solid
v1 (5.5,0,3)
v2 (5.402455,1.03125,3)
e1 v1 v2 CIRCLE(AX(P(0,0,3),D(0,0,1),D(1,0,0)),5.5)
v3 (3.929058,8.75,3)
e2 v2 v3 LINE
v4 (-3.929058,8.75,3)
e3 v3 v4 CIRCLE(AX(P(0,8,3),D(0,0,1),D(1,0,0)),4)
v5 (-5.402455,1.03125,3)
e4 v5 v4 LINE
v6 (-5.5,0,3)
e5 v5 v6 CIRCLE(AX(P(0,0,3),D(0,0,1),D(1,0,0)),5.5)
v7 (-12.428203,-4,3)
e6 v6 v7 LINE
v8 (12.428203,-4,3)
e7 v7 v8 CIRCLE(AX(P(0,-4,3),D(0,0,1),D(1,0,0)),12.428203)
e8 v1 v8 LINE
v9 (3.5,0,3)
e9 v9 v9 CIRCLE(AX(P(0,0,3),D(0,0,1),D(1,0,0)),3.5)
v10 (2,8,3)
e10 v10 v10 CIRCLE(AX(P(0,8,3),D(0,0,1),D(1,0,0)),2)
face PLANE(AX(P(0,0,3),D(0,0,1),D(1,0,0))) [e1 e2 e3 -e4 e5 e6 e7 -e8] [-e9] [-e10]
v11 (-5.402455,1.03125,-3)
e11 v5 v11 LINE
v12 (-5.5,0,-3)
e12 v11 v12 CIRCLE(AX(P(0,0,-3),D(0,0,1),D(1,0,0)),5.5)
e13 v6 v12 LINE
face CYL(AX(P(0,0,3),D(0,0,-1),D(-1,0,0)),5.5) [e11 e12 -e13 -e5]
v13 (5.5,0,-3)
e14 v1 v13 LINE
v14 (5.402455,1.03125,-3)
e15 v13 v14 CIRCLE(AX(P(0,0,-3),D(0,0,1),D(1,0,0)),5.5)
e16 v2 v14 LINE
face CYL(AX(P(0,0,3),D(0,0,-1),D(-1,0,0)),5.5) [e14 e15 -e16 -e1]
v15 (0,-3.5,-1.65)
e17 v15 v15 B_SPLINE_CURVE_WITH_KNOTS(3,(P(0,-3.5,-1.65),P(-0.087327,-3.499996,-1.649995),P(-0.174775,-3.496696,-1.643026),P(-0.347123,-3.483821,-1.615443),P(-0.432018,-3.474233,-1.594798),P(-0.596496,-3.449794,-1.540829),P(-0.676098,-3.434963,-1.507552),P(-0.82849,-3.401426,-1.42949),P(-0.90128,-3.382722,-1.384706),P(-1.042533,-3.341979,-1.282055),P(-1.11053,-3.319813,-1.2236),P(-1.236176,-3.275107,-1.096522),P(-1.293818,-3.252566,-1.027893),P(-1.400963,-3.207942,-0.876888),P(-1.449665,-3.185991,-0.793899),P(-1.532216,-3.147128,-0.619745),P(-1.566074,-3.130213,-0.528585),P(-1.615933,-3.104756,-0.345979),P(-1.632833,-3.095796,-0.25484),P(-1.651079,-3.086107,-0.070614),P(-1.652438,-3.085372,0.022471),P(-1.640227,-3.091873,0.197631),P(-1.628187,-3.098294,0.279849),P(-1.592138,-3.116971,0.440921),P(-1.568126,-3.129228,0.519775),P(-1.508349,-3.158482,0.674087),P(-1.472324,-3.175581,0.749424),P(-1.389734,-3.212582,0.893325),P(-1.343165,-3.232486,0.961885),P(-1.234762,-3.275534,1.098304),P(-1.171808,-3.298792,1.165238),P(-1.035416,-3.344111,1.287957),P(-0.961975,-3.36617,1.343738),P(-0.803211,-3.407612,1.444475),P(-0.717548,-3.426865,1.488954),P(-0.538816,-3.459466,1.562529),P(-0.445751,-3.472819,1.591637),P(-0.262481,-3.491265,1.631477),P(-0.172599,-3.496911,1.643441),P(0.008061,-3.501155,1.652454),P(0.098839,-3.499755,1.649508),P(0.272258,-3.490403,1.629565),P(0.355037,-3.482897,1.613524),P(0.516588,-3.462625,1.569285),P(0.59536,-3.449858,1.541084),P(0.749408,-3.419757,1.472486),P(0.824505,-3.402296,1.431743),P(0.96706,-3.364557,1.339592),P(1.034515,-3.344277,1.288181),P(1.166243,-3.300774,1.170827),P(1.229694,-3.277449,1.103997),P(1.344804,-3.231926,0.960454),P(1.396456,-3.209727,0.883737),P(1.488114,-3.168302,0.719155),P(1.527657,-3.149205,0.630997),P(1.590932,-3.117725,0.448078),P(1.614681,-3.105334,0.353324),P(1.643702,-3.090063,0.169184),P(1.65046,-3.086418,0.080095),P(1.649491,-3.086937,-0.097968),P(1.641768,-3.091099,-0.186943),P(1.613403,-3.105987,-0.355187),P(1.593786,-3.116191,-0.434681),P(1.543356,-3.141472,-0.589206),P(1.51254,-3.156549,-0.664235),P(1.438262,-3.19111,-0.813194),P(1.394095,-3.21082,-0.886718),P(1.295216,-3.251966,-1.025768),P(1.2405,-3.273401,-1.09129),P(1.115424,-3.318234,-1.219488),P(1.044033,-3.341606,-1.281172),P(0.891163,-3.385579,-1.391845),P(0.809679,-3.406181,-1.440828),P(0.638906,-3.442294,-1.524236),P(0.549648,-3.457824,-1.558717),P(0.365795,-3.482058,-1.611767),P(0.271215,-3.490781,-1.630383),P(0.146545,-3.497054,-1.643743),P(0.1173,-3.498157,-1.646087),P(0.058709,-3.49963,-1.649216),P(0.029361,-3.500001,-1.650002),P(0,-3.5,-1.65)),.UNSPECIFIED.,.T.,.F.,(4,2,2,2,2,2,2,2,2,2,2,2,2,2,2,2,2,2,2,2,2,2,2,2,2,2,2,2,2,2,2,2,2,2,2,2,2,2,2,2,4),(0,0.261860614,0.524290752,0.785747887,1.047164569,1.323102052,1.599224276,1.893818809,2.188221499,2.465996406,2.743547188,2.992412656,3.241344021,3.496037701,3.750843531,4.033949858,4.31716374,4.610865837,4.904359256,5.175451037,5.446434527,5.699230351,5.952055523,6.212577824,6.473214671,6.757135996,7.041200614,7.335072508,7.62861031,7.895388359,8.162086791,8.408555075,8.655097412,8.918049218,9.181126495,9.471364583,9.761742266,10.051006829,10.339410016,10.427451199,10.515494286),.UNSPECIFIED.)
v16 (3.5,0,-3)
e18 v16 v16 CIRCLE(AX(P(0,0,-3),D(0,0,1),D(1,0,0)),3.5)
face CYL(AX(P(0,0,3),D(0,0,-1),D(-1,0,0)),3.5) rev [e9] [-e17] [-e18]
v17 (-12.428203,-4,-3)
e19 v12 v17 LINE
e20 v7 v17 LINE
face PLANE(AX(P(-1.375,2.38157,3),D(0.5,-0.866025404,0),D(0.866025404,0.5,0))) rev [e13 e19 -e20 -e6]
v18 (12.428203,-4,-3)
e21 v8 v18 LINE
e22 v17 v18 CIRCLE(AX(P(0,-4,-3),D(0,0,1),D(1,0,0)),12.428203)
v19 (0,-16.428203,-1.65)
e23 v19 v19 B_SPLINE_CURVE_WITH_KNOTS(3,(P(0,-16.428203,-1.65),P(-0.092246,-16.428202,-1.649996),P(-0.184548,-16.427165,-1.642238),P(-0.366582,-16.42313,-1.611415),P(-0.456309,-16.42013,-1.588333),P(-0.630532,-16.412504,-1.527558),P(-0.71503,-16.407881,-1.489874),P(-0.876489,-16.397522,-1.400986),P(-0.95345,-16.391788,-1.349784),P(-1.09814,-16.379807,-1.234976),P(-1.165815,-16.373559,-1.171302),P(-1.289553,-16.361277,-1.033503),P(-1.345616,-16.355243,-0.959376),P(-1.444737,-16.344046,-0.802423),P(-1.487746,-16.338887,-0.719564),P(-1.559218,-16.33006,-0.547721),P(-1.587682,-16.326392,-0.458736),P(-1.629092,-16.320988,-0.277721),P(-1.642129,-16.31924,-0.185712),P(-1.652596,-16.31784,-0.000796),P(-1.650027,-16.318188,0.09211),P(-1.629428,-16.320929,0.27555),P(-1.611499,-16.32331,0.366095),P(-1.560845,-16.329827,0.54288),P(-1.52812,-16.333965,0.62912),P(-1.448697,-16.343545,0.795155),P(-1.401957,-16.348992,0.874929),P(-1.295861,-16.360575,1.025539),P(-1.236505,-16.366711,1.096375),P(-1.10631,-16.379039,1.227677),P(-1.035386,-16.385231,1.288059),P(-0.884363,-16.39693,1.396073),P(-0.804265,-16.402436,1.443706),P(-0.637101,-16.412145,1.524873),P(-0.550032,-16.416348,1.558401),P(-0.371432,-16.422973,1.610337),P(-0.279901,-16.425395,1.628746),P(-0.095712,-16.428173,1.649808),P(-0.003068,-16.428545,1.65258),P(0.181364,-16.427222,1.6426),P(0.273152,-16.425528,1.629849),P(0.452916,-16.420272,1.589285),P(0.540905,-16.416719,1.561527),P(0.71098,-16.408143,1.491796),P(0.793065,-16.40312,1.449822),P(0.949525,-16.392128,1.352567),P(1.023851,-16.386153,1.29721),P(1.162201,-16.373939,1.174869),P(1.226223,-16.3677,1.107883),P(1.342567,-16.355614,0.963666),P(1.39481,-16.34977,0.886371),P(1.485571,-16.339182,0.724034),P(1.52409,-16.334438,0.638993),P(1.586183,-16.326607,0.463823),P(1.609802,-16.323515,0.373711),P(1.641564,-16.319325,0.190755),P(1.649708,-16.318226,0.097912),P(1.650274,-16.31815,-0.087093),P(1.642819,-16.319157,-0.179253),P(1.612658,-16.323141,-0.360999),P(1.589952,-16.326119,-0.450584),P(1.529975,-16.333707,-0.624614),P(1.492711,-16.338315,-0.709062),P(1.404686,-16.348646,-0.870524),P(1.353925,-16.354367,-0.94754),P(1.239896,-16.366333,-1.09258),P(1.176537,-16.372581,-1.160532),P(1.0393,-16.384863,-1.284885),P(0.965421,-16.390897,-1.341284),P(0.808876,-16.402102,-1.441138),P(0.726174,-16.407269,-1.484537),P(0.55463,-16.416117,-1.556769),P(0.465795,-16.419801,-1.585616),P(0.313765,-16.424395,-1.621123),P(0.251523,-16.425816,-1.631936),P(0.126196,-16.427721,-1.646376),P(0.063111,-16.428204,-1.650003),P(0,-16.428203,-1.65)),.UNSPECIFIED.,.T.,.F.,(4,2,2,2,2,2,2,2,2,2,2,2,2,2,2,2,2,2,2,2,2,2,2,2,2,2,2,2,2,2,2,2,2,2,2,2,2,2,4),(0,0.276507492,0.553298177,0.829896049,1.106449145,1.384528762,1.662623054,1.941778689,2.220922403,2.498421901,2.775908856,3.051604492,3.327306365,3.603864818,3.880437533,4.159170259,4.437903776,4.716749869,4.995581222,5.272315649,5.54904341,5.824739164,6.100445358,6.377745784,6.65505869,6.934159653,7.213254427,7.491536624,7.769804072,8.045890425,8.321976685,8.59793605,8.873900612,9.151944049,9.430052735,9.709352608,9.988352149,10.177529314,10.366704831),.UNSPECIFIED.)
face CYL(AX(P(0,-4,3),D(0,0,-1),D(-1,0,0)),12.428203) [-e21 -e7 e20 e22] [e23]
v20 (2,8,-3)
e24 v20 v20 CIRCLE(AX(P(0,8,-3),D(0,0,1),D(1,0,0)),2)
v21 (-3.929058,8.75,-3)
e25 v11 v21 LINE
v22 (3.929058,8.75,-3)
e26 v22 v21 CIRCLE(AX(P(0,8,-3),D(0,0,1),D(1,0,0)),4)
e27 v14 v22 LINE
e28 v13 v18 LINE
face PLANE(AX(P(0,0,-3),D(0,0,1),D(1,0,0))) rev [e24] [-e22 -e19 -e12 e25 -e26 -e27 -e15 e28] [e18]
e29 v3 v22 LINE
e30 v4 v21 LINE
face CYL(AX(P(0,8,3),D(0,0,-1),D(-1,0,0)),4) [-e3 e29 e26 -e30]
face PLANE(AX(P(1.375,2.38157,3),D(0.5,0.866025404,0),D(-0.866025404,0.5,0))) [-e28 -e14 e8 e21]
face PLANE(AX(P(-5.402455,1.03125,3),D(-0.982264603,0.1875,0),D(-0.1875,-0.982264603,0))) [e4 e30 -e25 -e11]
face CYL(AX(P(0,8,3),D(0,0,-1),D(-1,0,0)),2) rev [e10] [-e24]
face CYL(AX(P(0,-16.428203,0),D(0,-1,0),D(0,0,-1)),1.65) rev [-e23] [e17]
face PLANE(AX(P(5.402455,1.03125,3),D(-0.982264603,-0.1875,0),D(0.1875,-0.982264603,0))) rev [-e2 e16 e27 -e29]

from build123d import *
from build123d.topology import SkipClean

# Parameters (mm, degrees)
BOSS_EXTRUDE1_DEPTH    = 3
SKETCH1_R              = 2
BOSS_EXTRUDE1_2_DEPTH  = 3
BOSS_EXTRUDE2_DEPTH    = 3
M4_TAPPED_HOLE1_REACH  = 33.171
M4_TAPPED_HOLE1_BORE_R = 1.65


with BuildPart() as part:
    # Sketch1 → Boss-Extrude1 (new, symmetric)
    with BuildSketch(Plane.XY):
        with BuildLine():
            ThreePointArc((5.5, 0), (0, -5.5), (-5.5, 0))
            Line((-5.5, 0), (-12.42820323, -4))
            ThreePointArc((-12.42820323, -4), (0, -16.42820323), (12.42820323, -4))
            Line((12.42820323, -4), (5.5, 0))
        make_face()
    extrude(amount=BOSS_EXTRUDE1_DEPTH, both=True)



with BuildPart() as body_2:
    # Sketch1 → Boss-Extrude1 2 (new, symmetric)
    with BuildSketch(Plane.XY):
        with BuildLine():
            Line((-3.929058411, 8.75), (-5.402455316, 1.03125))
            ThreePointArc((-5.402455316, 1.03125), (0, 5.5), (5.402455316, 1.03125))
            Line((5.402455316, 1.03125), (3.929058411, 8.75))
            ThreePointArc((3.929058411, 8.75), (0, 12), (-3.929058411, 8.75))
        make_face()
        with Locations((0, 8)):
            Circle(SKETCH1_R, mode=Mode.SUBTRACT)
    extrude(amount=BOSS_EXTRUDE1_2_DEPTH, both=True)


with BuildPart() as part_1:
    with SkipClean():  # the faces are left unmerged after this step: merging them gives an invalid solid
        add(part.part)

        add(body_2.part)  # Boss-Extrude2 merges body 2
        # Sketch1<3> → Boss-Extrude2 (add, symmetric)
        with BuildSketch(Plane.XY):
            with BuildLine():
                ThreePointArc((-3.5, 0), (0, 3.5), (3.5, 0))
                Line((3.5, 0), (5.5, 0))
                ThreePointArc((5.5, 0), (5.475559526, 0.517926522), (5.402455316, 1.03125))
                ThreePointArc((5.402455316, 1.03125), (0, 5.5), (-5.402455316, 1.03125))
                ThreePointArc((-5.402455316, 1.03125), (-5.475559526, 0.517926522), (-5.5, 0))
                Line((-5.5, 0), (-3.5, 0))
            make_face()
            with BuildLine():
                Line((5.5, 0), (3.5, 0))
                ThreePointArc((3.5, 0), (0, -3.5), (-3.5, 0))
                Line((-3.5, 0), (-5.5, 0))
                ThreePointArc((-5.5, 0), (0, -5.5), (5.5, 0))
            make_face()
        extrude(amount=BOSS_EXTRUDE2_DEPTH, both=True)

    # M4 Tapped Hole1 bore → M4 Tapped Hole1 (cut, up to next)
    with BuildSketch(Plane(origin=(0, -16.42820323, 0), x_dir=(-1, 0, 0), z_dir=(0, -1, 0)), mode=Mode.PRIVATE) as m4_tapped_hole1_sk1:
        Circle(M4_TAPPED_HOLE1_BORE_R)
    m4_tapped_hole1_tool1 = extrude(m4_tapped_hole1_sk1.sketch, amount=-M4_TAPPED_HOLE1_REACH, mode=Mode.PRIVATE) & part_1.part
    add(m4_tapped_hole1_tool1.solids().sort_by_distance((0, -16.428203, 0))[0], mode=Mode.SUBTRACT)


solid = part_1.part
